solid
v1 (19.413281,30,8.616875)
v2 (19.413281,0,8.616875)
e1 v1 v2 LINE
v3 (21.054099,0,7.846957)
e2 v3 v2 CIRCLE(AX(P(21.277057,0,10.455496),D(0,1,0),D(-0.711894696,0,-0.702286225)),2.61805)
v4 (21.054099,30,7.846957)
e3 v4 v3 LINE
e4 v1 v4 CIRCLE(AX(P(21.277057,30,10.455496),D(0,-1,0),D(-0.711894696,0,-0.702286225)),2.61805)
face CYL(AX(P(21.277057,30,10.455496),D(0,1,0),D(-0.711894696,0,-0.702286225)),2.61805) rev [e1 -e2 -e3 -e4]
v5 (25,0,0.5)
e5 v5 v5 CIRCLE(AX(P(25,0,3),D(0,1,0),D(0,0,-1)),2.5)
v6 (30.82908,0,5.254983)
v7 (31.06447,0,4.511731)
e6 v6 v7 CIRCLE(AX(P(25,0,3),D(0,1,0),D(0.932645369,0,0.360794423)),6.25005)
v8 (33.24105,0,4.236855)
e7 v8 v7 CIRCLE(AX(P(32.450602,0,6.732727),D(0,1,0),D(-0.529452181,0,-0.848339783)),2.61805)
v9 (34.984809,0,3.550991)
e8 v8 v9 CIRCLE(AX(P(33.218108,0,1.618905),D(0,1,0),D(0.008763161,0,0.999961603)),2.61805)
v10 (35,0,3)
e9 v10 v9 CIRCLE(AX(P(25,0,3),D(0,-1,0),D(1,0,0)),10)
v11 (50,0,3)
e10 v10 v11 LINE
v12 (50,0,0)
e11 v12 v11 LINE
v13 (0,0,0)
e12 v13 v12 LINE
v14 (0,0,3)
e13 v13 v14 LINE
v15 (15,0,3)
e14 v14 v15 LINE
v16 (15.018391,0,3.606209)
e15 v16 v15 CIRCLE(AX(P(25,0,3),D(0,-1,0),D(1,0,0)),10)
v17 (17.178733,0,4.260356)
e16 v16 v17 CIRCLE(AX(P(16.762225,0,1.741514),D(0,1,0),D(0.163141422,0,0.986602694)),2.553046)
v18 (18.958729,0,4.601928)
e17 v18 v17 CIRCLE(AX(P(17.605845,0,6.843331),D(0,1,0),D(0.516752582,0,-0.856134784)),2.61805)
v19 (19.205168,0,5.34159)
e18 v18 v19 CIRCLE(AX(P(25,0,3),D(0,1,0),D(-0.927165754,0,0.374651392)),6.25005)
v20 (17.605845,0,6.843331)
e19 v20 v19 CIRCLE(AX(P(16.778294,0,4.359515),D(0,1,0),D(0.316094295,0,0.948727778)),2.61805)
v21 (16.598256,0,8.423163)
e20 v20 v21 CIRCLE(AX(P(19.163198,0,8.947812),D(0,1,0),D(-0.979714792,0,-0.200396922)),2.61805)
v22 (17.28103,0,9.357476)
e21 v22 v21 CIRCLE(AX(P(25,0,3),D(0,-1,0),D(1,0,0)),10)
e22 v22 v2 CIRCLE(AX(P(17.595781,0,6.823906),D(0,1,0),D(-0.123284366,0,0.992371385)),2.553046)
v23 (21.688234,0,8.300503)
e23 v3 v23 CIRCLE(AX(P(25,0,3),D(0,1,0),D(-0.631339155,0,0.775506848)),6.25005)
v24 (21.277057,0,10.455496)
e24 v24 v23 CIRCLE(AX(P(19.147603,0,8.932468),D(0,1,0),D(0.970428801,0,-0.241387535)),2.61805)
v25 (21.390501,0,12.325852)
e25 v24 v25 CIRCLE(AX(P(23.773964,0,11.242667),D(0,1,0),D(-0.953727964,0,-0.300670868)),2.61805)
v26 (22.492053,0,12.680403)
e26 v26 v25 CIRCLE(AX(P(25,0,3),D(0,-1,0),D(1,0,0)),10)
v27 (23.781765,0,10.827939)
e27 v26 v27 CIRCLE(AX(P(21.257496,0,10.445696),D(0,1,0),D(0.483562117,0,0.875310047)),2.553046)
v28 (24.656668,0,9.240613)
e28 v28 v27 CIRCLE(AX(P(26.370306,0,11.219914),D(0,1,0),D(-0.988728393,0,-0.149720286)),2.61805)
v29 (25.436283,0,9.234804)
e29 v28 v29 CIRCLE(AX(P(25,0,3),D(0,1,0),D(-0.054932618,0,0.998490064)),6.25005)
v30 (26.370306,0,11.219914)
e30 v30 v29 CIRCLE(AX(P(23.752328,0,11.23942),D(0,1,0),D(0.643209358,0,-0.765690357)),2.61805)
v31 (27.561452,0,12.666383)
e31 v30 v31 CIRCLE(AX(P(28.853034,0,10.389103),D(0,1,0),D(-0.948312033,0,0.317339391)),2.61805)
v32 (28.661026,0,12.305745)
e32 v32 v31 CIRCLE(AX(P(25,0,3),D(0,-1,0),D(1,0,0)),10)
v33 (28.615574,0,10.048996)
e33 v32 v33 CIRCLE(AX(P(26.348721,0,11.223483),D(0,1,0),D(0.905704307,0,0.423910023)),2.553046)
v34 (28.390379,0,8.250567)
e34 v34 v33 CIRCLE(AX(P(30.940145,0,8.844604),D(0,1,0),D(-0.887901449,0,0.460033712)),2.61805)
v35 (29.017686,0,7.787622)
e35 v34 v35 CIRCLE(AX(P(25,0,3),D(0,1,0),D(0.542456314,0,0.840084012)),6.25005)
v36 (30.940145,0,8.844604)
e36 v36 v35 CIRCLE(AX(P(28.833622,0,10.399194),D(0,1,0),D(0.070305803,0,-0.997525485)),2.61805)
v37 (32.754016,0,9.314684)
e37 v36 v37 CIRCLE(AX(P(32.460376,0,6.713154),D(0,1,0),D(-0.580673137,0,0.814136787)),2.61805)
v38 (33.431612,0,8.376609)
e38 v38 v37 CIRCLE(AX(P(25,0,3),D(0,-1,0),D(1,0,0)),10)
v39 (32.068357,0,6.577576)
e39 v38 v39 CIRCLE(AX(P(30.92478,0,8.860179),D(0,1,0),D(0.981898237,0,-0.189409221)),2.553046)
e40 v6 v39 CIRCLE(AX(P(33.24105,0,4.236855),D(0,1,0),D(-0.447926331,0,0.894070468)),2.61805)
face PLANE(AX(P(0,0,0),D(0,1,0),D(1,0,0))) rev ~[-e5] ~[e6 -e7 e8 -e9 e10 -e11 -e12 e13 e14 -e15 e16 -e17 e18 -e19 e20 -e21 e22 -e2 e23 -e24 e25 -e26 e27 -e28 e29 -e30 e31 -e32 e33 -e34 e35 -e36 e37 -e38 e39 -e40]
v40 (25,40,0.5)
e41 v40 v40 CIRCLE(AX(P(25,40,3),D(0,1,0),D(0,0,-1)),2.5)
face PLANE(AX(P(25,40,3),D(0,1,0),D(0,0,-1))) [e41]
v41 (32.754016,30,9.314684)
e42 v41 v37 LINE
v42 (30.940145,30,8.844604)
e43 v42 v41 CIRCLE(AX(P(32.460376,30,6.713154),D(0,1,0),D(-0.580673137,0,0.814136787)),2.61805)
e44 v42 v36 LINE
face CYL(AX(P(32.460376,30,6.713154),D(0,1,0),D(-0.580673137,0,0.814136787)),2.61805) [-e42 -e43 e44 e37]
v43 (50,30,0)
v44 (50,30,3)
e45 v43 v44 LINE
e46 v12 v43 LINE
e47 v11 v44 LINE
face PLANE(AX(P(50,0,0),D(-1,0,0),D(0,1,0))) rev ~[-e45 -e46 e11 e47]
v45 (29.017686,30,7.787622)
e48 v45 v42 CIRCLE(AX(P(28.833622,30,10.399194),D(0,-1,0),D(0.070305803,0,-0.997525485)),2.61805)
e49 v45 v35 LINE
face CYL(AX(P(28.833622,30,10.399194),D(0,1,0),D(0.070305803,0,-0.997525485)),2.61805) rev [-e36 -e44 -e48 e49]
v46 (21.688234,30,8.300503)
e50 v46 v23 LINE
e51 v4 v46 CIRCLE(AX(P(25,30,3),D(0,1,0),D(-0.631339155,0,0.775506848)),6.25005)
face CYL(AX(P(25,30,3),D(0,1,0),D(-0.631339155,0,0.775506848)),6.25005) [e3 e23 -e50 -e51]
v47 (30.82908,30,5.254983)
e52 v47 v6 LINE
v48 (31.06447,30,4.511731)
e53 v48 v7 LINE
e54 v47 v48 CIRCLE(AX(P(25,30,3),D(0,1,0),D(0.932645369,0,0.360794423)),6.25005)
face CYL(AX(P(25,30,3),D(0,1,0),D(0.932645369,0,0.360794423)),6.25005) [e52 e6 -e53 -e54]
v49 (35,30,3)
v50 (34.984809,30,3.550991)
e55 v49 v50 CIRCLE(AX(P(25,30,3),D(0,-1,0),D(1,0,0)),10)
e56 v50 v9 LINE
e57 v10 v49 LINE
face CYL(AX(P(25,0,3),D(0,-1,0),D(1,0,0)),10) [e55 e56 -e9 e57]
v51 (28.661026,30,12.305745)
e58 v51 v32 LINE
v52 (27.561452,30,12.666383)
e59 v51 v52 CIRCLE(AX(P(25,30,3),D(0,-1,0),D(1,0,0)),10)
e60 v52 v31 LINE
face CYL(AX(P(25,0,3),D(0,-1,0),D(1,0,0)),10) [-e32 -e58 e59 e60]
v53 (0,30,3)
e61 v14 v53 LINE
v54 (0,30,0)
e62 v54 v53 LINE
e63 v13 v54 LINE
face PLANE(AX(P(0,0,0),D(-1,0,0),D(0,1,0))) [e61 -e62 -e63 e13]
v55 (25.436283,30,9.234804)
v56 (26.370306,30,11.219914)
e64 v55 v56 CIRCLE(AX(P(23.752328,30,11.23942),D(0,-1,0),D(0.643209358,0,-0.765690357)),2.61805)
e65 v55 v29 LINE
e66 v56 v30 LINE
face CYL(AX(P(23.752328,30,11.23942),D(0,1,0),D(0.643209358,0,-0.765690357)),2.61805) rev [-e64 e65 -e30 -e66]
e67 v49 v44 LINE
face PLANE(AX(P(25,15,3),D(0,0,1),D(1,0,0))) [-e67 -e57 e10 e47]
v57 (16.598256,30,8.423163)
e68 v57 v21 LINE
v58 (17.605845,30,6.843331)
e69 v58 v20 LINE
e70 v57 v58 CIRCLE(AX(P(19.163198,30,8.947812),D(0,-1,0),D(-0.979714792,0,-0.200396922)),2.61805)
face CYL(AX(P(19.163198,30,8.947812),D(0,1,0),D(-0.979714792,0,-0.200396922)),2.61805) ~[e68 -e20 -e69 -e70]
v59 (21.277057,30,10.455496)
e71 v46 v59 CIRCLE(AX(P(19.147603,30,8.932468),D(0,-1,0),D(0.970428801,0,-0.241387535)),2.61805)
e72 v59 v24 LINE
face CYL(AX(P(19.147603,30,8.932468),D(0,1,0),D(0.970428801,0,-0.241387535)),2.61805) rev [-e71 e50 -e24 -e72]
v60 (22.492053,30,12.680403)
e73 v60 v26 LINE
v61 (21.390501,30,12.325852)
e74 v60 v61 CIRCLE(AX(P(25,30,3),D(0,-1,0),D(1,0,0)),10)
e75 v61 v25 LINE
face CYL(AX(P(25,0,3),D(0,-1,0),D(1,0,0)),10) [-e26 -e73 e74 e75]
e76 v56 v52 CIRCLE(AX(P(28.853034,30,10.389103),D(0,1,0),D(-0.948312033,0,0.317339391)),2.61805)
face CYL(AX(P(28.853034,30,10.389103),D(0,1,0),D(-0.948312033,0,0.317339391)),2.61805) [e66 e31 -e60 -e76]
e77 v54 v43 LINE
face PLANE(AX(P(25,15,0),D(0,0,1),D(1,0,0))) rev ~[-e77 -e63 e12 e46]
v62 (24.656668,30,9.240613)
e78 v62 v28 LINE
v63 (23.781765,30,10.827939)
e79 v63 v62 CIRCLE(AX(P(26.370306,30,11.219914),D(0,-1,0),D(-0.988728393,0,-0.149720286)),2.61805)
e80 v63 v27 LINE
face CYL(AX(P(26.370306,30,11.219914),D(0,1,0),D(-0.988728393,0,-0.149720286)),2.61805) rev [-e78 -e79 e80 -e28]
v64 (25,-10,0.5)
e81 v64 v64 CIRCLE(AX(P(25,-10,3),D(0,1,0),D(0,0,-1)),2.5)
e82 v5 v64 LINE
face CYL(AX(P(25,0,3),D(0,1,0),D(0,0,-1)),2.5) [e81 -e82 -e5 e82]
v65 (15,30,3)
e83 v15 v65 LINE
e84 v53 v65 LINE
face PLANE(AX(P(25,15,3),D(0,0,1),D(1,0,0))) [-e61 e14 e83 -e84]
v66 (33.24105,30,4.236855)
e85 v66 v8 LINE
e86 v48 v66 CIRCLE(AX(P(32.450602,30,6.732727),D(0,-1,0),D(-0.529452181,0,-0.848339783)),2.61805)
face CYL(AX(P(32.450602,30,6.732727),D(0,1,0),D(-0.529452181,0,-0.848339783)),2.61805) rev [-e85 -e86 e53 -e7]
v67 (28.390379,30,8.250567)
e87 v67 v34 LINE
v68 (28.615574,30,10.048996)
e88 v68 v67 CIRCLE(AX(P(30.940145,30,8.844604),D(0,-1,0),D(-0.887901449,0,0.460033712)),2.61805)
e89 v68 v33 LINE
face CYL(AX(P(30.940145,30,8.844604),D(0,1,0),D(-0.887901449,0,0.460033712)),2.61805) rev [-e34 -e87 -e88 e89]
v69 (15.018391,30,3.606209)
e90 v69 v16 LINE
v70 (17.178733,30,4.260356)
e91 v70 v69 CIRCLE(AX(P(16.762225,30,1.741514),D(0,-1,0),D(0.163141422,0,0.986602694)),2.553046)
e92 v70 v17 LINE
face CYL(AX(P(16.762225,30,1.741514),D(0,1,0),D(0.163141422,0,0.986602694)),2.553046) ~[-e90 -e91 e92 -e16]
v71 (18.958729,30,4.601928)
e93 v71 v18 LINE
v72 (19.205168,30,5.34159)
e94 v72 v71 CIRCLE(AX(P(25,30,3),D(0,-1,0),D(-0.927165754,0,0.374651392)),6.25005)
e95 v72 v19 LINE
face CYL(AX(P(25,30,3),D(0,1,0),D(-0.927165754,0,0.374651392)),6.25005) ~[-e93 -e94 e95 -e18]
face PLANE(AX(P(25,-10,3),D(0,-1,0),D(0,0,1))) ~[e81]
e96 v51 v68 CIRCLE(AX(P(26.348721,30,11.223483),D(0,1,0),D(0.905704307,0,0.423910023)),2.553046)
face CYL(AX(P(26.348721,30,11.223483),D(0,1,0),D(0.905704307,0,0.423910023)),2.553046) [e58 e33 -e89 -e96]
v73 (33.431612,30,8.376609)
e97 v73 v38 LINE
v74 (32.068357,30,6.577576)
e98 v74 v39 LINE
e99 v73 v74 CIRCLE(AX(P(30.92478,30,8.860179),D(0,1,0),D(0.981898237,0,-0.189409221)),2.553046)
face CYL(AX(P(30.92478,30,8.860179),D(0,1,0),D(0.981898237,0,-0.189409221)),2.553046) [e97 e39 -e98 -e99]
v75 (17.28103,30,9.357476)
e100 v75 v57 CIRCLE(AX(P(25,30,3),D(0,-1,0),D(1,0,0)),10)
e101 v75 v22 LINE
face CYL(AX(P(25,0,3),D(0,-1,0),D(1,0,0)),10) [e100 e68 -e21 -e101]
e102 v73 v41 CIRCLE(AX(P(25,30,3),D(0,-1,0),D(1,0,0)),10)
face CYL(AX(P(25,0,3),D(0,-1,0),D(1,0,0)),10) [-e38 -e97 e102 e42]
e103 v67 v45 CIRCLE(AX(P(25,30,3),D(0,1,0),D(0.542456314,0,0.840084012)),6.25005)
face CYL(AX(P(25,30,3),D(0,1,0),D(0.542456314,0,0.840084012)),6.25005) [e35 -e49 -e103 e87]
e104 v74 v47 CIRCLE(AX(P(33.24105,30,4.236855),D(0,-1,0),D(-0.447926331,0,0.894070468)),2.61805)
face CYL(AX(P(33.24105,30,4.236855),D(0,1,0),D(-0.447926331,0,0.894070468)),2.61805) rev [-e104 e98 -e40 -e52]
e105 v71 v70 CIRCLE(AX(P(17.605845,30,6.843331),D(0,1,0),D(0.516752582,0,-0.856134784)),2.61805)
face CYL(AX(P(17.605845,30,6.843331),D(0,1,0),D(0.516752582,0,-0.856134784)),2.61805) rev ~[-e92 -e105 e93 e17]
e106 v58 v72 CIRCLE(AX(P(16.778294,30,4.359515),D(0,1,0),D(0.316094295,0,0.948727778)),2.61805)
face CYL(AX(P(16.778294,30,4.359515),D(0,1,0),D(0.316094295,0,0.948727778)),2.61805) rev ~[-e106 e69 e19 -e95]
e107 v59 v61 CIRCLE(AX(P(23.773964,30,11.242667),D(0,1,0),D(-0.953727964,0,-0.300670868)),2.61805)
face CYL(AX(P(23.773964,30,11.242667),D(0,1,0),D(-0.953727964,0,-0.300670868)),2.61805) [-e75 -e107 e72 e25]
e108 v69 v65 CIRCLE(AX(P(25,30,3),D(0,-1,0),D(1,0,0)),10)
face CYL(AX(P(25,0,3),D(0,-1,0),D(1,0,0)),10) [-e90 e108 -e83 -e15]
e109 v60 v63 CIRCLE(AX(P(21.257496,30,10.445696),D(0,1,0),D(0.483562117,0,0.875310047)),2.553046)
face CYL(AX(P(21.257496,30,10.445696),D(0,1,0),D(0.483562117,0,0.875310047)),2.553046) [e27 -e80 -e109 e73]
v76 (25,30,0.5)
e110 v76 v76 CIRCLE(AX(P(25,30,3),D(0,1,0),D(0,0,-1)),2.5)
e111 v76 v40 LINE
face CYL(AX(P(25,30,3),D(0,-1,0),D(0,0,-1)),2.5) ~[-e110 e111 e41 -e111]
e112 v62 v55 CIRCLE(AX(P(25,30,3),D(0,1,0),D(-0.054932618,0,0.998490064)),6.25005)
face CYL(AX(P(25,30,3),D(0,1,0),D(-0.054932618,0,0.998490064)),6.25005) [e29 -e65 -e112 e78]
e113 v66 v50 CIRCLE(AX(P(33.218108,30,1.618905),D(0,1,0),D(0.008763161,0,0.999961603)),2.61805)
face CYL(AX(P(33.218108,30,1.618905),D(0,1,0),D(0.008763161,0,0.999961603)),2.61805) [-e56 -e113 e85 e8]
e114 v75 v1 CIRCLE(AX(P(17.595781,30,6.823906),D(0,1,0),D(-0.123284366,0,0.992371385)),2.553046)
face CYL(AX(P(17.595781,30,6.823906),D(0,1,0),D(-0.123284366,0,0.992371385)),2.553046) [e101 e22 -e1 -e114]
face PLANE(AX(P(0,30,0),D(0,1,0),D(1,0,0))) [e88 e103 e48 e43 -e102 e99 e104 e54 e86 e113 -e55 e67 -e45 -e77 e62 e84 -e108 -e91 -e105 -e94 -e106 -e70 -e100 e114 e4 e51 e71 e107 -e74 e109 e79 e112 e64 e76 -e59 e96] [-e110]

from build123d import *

# Parameters (mm, degrees)
CROQUIS1_W                   = 50
CROQUIS1_H                   = 30
SALIENTE_EXTRUIR1_DEPTH      = 3
SALIENTE_EXTRUIR2_DEPTH      = 15
SALIENTE_EXTRUIR2_DEPTH_BACK = 15
CORTAR_EXTRUIR1_DEPTH        = 60.741108125
CROQUIS4_R                   = 2.5
SALIENTE_EXTRUIR3_DEPTH      = 10


with BuildPart() as part:
    # Croquis1 → Saliente-Extruir1 (new body)
    with BuildSketch(Plane.XY):
        with Locations((25, 15)):
            Rectangle(CROQUIS1_W, CROQUIS1_H)
    extrude(amount=SALIENTE_EXTRUIR1_DEPTH)

    # Croquis2 → Saliente-Extruir2 (add, two sides: drawn at the far end of the back side and taken through both)
    with BuildSketch(Plane(origin=(0, 15, 0), x_dir=(1, 0, 0), z_dir=(0, 1, 0)).offset(-SALIENTE_EXTRUIR2_DEPTH_BACK)):
        with BuildLine():
            Line((15, -3), (35, -3))
            ThreePointArc((35, -3), (25, -13), (15, -3))
        make_face()
    extrude(amount=SALIENTE_EXTRUIR2_DEPTH + SALIENTE_EXTRUIR2_DEPTH_BACK)

    # Croquis3 → Cortar-Extruir1 (cut, through all)
    with BuildSketch(Plane(origin=(0, 30, 0), x_dir=(1, 0, 0), z_dir=(0, 1, 0))):
        with BuildLine():
            ThreePointArc((17.281029865, -9.357475919), (18.433447729, -9.235618719), (19.413280597, -8.616875104))
            ThreePointArc((19.413280597, -8.616875104), (20.164937796, -8.08539476), (21.05409871, -7.846956572))
            ThreePointArc((21.05409871, -7.846956572), (21.364087604, -8.083627253), (21.688234212, -8.300503029))
            ThreePointArc((21.688234212, -8.300503029), (21.719260259, -9.423145978), (21.277056507, -10.455495555))
            ThreePointArc((21.277056507, -10.455495555), (21.160716532, -11.401170735), (21.390501043, -12.325852094))
            ThreePointArc((21.390501043, -12.325852094), (19.144543803, -11.106394558), (17.281029865, -9.357475919))
        make_face()
        with BuildLine():
            ThreePointArc((17.605845109, -6.843331325), (18.570395316, -6.268063818), (19.205167685, -5.34158994))
            ThreePointArc((19.205167685, -5.34158994), (19.070403954, -4.975605156), (18.958729207, -4.601927653))
            ThreePointArc((18.958729207, -4.601927653), (18.099232466, -4.272192527), (17.17873271, -4.260356141))
            ThreePointArc((17.17873271, -4.260356141), (16.022342896, -4.184998931), (15.018391395, -3.606209252))
            ThreePointArc((15.018391395, -3.606209252), (15.498017257, -6.116460163), (16.598255677, -8.423162576))
            ThreePointArc((16.598255677, -8.423162576), (16.955870168, -7.540015696), (17.605845109, -6.843331325))
        make_face()
        with BuildLine():
            ThreePointArc((22.492052569, -12.680402868), (23.35275234, -11.904444098), (23.781765411, -10.827938688))
            ThreePointArc((23.781765411, -10.827938688), (24.07747255, -9.956149042), (24.65666839, -9.240612823))
            ThreePointArc((24.65666839, -9.240612823), (25.046566209, -9.249876526), (25.436282706, -9.234804119))
            ThreePointArc((25.436282706, -9.234804119), (26.121256275, -10.12480469), (26.370305781, -11.219913886))
            ThreePointArc((26.370305781, -11.219913886), (26.832038689, -12.053364099), (27.561452328, -12.666383086))
            ThreePointArc((27.561452328, -12.666383086), (25.027655598, -12.999961758), (22.492052569, -12.680402868))
        make_face()
        with BuildLine():
            ThreePointArc((28.661025949, -12.305744946), (28.90124957, -11.172074481), (28.615574431, -10.048995755))
            ThreePointArc((28.615574431, -10.048995755), (28.342381435, -9.16989082), (28.390379076, -8.250567086))
            ThreePointArc((28.390379076, -8.250567086), (28.711258105, -8.028885391), (29.017686036, -7.787621948))
            ThreePointArc((29.017686036, -7.787621948), (30.094970504, -8.105030174), (30.940144821, -8.844604497))
            ThreePointArc((30.940144821, -8.844604497), (31.803584335, -9.24748009), (32.754015885, -9.314684288))
            ThreePointArc((32.754015885, -9.314684288), (30.900203893, -11.073883453), (28.661025949, -12.305744946))
        make_face()
        with BuildLine():
            ThreePointArc((33.43161185, -8.376608746), (32.959602062, -7.318250172), (32.068356907, -6.57757603))
            ThreePointArc((32.068356907, -6.57757603), (31.330614215, -6.026944012), (30.829080189, -5.254983182))
            ThreePointArc((30.829080189, -5.254983182), (30.958375546, -4.887030963), (31.064469856, -4.511730919))
            ThreePointArc((31.064469856, -4.511730919), (32.122579172, -4.135307644), (33.241050438, -4.236854841))
            ThreePointArc((33.241050438, -4.236854841), (34.17639201, -4.05527103), (34.984808923, -3.55099072))
            ThreePointArc((34.984808923, -3.55099072), (34.519074843, -6.06385609), (33.43161185, -8.376608746))
        make_face()
    extrude(amount=-CORTAR_EXTRUIR1_DEPTH, mode=Mode.SUBTRACT)

    # Croquis4 → Saliente-Extruir3 (add)
    with BuildSketch(Plane(origin=(0, 30, 0), x_dir=(1, 0, 0), z_dir=(0, 1, 0))):
        with Locations(Location((25, -3, 0), (0, 0, 90))):
            Circle(CROQUIS4_R)
    saliente_extruir3 = extrude(amount=SALIENTE_EXTRUIR3_DEPTH)

    # Simetría2: Saliente-Extruir3 across plane
    add(saliente_extruir3.mirror(Plane.ZX.offset(15)))


solid = part.part
